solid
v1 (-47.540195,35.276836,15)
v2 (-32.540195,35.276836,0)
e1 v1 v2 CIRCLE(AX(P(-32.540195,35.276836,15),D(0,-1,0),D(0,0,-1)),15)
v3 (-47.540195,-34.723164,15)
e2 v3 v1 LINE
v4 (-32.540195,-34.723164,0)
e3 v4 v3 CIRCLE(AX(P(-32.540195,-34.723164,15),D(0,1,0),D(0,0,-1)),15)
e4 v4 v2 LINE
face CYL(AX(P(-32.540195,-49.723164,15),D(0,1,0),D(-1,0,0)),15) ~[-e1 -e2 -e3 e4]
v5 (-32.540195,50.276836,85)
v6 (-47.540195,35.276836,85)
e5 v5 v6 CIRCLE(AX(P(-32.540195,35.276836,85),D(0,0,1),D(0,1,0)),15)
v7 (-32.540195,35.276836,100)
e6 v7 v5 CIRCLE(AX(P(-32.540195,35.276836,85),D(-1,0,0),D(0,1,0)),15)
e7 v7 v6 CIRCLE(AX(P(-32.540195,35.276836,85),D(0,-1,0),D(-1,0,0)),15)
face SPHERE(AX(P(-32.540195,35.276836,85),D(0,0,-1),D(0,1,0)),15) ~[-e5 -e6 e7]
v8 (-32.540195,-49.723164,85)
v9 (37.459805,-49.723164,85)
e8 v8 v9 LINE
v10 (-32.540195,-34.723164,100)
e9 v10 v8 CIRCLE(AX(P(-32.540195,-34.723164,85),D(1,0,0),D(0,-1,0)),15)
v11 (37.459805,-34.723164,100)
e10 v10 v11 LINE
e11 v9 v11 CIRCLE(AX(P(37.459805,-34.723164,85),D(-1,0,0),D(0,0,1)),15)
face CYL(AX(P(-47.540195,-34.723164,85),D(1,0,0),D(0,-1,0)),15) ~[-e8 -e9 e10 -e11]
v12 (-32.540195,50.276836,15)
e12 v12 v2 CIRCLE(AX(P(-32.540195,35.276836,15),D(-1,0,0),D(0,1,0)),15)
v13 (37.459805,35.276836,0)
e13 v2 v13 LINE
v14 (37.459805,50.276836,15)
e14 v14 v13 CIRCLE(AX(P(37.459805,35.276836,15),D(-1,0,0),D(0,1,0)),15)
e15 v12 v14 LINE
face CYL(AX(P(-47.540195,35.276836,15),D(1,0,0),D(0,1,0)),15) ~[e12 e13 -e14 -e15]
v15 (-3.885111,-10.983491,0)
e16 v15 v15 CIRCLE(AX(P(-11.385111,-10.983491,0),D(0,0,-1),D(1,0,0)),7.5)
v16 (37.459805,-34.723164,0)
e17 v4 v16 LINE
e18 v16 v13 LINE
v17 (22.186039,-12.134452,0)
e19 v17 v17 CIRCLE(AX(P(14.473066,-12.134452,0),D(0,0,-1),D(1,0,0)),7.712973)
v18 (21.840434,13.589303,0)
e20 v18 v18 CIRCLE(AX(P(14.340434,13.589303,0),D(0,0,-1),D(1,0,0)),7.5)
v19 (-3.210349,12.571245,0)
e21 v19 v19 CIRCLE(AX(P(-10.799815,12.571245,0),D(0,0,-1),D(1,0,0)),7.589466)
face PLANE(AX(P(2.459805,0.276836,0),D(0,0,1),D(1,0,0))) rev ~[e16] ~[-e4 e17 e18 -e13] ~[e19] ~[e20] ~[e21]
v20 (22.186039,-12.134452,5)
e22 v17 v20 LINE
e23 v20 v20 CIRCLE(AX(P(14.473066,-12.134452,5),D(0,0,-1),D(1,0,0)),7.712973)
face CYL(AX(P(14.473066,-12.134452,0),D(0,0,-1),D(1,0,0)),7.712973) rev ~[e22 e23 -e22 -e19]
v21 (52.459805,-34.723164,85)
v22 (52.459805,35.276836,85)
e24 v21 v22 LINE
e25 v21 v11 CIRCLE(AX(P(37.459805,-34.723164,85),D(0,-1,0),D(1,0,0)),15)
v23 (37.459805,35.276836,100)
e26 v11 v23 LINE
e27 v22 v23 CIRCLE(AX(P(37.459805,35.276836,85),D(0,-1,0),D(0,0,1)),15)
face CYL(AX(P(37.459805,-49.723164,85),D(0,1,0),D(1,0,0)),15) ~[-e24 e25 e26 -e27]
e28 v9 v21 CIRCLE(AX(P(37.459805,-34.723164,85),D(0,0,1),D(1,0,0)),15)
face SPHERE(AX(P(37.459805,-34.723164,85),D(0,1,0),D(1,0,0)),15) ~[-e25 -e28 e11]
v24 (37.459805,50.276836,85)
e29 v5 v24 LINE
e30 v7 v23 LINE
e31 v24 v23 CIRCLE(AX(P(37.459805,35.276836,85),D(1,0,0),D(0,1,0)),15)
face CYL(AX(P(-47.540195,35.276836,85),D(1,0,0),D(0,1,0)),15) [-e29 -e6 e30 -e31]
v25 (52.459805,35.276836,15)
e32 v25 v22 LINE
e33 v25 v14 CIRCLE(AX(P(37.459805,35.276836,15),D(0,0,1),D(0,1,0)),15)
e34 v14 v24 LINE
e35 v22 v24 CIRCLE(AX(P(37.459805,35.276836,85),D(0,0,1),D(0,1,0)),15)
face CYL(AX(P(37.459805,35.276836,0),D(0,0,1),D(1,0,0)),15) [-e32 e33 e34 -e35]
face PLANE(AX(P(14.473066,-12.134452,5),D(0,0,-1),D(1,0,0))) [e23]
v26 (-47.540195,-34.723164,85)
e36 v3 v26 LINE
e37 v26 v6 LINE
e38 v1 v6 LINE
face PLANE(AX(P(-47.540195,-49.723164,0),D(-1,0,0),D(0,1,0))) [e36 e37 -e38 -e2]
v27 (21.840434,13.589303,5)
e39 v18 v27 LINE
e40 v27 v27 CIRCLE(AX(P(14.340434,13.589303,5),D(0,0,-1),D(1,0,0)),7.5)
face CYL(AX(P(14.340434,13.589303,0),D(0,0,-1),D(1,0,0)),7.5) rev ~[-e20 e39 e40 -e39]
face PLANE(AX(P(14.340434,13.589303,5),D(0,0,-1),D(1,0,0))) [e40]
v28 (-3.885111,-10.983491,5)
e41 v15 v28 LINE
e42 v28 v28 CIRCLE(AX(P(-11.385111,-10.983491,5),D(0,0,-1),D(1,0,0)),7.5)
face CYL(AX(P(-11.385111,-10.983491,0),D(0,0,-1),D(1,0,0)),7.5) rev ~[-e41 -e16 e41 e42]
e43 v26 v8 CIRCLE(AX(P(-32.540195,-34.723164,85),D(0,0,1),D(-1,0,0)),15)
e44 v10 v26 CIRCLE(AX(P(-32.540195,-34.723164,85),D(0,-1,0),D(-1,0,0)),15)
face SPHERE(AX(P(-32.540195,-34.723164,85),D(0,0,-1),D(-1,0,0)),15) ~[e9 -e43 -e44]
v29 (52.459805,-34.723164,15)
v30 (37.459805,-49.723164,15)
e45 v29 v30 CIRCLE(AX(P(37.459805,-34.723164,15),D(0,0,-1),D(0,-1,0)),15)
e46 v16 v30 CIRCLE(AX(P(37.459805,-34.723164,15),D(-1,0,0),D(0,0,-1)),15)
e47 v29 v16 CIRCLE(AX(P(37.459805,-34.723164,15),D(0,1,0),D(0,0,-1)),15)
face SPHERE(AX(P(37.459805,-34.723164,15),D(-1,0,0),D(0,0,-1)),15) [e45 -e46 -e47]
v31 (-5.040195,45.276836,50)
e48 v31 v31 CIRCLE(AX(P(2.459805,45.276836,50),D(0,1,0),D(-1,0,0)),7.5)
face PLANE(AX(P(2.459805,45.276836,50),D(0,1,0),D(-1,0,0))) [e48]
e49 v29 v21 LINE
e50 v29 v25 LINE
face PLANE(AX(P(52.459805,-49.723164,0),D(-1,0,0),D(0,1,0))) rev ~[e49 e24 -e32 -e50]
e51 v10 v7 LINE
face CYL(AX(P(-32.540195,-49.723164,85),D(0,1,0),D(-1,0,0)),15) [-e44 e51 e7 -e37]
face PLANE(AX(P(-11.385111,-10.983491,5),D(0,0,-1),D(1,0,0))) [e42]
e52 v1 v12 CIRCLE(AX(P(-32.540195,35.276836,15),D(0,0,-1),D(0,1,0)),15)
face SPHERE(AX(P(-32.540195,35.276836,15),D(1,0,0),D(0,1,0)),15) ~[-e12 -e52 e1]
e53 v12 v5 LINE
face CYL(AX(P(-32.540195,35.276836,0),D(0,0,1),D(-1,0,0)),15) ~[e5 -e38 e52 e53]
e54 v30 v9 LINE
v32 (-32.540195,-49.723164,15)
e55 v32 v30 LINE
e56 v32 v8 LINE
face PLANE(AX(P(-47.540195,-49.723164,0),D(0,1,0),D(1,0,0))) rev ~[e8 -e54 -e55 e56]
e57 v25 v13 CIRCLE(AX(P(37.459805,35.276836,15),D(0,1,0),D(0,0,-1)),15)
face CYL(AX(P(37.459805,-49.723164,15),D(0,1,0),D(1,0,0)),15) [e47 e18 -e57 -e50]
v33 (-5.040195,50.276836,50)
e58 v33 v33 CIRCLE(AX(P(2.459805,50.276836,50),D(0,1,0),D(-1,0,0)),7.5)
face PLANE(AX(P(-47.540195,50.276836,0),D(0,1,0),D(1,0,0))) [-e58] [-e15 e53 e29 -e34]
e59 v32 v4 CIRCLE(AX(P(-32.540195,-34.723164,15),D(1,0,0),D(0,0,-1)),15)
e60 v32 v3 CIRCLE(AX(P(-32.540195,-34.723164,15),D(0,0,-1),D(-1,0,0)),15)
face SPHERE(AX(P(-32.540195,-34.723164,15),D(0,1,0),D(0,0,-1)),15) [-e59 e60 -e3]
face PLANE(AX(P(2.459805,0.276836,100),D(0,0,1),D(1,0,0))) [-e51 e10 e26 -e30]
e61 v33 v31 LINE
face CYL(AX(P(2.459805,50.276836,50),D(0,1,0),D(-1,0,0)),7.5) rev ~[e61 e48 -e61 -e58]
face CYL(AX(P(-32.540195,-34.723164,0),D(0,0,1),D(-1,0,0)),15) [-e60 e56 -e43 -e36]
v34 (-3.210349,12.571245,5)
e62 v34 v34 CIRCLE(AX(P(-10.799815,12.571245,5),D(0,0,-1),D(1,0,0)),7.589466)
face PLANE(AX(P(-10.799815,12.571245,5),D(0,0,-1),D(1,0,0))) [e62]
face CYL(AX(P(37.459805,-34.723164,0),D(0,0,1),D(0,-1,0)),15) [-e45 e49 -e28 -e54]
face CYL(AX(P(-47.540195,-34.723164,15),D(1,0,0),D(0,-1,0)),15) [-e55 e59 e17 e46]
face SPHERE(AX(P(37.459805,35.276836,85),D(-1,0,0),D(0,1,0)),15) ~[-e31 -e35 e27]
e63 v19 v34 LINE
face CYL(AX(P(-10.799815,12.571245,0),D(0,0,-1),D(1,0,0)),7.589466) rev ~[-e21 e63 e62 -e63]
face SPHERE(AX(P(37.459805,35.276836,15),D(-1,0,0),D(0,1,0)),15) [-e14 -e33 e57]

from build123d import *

# Parameters (mm, degrees)
F0_W     = 100
F0_H     = 100
F1_DEPTH = 100
F2_R     = 15
F3_R     = 7.5
F4_DEPTH = 5
F5_R     = 7.5
F5_R_2   = 7.589466
F5_R_3   = 7.712973
F6_DEPTH = 5


with BuildPart() as f1:
    # F0 (on Top) → F1 (new body)
    with BuildSketch(Plane.XY):
        with Locations((2.459805, 0.276836)):
            Rectangle(F0_W, F0_H)
    extrude(amount=F1_DEPTH)

    # F2
    f2_edges = [f1.edges().sort_by_distance(p)[0] for p in [
        (2.459805, 50.276836, 0),
        (-47.540195, 50.276836, 50),
        (2.459805, 50.276836, 100),
        (52.459805, 50.276836, 50),
        (-47.540195, 0.276836, 0),
        (2.459805, -49.723164, 0),
        (52.459805, 0.276836, 0),
        (-47.540195, -49.723164, 50),
        (-47.540195, 0.276836, 100),
        (52.459805, 0.276836, 100),
        (52.459805, -49.723164, 50),
        (2.459805, -49.723164, 100),
    ]]
    fillet(f2_edges, radius=F2_R)

    # F3 (on face) → F4 (cut)
    with BuildSketch(Plane(origin=(0, 50.276836, 0), x_dir=(-1, 0, 0), z_dir=(0, 1, 0))):
        with Locations((-2.459805, 50)):
            Circle(F3_R)
    extrude(amount=-F4_DEPTH, mode=Mode.SUBTRACT)

    # F5 (on face) → F6 (cut)
    with BuildSketch(Plane(origin=(0, 0, 0), x_dir=(1, 0, 0), z_dir=(0, 0, -1))):
        with Locations((14.340434, -13.589303)):
            Circle(F5_R)
        with Locations((-10.799815, -12.571245)):
            Circle(F5_R_2)
        with Locations((14.473066, 12.134452)):
            Circle(F5_R_3)
        with Locations((-11.385111, 10.983491)):
            Circle(F5_R)
    extrude(amount=-F6_DEPTH, mode=Mode.SUBTRACT)


solid = f1.part
